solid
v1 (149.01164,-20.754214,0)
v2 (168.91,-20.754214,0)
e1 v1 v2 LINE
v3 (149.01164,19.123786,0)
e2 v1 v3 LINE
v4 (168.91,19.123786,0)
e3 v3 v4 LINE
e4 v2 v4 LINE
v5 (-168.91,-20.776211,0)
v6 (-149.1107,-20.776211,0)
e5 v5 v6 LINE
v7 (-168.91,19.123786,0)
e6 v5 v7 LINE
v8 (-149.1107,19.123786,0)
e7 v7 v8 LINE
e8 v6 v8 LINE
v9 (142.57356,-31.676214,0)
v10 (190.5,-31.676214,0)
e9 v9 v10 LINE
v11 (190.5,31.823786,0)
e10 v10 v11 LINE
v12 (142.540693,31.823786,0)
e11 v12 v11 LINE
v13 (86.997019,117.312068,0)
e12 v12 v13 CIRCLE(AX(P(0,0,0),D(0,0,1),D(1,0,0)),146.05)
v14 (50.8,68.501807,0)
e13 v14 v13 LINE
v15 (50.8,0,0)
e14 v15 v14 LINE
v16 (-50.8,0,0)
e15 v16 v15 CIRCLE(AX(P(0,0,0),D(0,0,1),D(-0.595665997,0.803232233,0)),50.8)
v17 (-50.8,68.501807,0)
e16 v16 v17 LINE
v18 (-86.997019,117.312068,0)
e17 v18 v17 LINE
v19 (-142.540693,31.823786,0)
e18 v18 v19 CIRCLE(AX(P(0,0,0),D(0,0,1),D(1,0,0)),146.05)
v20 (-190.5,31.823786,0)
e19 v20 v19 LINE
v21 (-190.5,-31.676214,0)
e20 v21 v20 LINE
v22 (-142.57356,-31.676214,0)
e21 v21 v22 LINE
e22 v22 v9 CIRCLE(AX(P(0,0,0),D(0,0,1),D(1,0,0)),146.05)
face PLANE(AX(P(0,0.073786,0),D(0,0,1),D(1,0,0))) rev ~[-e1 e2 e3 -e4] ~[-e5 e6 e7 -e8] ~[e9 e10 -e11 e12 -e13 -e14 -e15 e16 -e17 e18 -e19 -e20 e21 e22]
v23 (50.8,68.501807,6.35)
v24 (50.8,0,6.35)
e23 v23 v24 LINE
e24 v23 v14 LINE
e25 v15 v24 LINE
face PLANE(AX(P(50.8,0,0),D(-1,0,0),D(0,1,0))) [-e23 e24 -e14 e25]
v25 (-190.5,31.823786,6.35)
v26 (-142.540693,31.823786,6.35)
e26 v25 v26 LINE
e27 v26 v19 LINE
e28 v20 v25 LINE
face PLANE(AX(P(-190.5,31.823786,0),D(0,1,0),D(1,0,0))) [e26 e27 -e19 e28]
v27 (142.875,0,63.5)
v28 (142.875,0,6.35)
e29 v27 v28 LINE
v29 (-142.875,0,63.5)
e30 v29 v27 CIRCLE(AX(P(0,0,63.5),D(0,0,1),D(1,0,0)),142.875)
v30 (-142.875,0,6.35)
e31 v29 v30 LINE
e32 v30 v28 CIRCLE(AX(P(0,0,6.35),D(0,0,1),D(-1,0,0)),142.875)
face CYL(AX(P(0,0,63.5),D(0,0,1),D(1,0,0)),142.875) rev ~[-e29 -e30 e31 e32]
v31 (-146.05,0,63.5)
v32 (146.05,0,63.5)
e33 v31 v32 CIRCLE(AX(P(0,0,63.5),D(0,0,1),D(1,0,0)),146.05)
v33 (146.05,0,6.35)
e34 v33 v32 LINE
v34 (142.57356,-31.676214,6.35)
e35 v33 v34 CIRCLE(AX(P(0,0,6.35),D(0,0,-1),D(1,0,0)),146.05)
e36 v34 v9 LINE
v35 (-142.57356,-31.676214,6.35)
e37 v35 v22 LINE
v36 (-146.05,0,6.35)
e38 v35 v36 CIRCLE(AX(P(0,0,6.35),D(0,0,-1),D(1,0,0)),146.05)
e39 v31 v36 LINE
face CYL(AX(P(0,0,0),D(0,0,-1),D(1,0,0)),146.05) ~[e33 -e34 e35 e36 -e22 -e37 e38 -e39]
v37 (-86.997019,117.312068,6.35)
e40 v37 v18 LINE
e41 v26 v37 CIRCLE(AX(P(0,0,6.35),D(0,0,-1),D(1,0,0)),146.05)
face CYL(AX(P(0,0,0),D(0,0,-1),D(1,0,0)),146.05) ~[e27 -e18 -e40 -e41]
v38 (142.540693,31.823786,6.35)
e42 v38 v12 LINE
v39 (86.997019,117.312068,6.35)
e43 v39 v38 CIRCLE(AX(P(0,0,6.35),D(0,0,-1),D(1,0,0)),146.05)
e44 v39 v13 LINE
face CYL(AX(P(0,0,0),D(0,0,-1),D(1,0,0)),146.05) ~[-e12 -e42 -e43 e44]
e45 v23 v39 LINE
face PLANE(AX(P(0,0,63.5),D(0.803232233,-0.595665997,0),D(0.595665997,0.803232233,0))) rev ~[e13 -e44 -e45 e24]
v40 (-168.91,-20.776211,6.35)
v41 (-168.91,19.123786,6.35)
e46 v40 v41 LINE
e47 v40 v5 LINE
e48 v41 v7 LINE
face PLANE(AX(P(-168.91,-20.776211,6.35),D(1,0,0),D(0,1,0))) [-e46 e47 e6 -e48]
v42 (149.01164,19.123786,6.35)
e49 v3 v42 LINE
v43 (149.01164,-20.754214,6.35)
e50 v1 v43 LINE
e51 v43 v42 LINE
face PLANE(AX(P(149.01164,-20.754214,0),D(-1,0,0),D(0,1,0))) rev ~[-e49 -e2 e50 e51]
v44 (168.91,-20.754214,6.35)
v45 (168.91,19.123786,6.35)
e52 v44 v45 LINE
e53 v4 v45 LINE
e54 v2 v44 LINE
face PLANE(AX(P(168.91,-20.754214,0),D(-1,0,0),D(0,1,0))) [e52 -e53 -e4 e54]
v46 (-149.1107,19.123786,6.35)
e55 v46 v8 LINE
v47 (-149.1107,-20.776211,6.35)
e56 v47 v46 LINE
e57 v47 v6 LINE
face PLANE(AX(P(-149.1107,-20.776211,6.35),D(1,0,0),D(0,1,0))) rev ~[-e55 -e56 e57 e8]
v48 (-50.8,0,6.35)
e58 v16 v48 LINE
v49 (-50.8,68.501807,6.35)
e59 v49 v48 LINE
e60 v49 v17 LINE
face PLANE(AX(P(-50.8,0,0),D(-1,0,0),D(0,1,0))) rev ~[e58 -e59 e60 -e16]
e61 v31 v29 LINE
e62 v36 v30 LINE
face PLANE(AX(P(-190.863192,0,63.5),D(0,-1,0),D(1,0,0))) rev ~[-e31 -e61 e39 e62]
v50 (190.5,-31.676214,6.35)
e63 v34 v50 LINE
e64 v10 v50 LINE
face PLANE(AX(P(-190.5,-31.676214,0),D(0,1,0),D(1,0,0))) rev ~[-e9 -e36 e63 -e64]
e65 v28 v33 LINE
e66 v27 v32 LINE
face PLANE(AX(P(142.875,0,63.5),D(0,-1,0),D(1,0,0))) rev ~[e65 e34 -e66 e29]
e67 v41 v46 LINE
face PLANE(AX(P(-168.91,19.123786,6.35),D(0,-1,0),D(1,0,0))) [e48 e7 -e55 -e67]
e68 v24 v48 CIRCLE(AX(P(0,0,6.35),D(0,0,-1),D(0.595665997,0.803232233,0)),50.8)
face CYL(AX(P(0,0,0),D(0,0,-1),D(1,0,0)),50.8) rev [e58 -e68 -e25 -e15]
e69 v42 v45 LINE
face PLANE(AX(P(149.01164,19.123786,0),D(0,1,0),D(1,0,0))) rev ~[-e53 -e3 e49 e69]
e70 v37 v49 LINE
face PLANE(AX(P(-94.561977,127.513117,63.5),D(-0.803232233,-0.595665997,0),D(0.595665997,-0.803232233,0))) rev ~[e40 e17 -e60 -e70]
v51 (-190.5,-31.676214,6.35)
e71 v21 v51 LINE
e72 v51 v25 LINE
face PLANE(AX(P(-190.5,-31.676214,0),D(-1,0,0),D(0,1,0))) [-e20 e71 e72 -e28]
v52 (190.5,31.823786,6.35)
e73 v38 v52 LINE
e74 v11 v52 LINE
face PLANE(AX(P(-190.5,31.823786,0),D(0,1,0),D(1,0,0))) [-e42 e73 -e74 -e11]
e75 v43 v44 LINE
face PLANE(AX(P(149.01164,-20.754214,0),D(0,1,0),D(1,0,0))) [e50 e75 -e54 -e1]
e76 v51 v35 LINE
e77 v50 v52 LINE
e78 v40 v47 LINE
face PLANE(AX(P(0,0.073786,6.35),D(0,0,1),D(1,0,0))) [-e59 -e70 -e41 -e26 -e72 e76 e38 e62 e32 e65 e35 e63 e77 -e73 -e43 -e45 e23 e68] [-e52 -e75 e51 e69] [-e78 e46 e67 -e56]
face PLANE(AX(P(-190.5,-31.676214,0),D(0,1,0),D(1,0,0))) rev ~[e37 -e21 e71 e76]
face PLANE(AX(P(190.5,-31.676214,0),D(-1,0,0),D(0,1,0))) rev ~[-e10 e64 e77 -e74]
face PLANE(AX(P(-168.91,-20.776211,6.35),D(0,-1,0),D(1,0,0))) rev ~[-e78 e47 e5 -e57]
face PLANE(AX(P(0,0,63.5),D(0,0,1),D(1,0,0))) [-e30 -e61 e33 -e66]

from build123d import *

# Parameters (mm, degrees)
F0_R      = 146.05
F1_DEPTH  = 63.5
F2_R      = 142.875
F3_DEPTH  = 57.15
F5_DEPTH  = 57.15
F7_DEPTH  = 63.501
F8_W      = 381
F8_H      = 63.5
F9_DEPTH  = 6.35
F10_W     = 19.7993
F10_H     = 39.899997
F11_DEPTH = 6.35
F12_W     = 19.89836
F12_H     = 39.878
F13_DEPTH = 6.35
F14_R     = 50.8
F15_DEPTH = 6.35
F16_W     = 101.6
F16_H     = 81.28
F17_DEPTH = 63.501


with BuildPart() as f1:
    # F0 (on Top) → F1 (new body)
    with BuildSketch(Plane.XY):
        Circle(F0_R)
    extrude(amount=F1_DEPTH)

    # F2 (on face) → F3 (cut)
    with BuildSketch(Plane.XY.offset(63.5)):
        Circle(F2_R)
    extrude(amount=-F3_DEPTH, mode=Mode.SUBTRACT)

    # F4 (on face) → F5 (cut)
    with BuildSketch(Plane.XY.offset(63.5)):
        with BuildLine():
            Line((142.875, 0), (186.450183, 0))
            Line((186.450183, 0), (186.450183, 147.836223))
            Line((186.450183, 147.836223), (-190.863192, 147.836223))
            Line((-190.863192, 147.836223), (-190.863192, 0))
            Line((-190.863192, 0), (-142.875, 0))
            ThreePointArc((-142.875, 0), (0, 142.875), (142.875, 0))
        make_face()
    extrude(amount=-F5_DEPTH, mode=Mode.SUBTRACT)

    # F6 (on face) → F7 (cut, through all)
    with BuildSketch(Plane.XY.offset(63.5)):
        with BuildLine():
            Line((0, 0), (94.561977, 127.513117))
            ThreePointArc((94.561977, 127.513117), (0, 159.458628), (-94.561977, 127.513117))
            Line((-94.561977, 127.513117), (0, 0))
        make_face()
    extrude(amount=-F7_DEPTH, mode=Mode.SUBTRACT)

    # F8 (on Top) → F9 (join)
    with BuildSketch(Plane.XY):
        with Locations((0, 0.073786)):
            Rectangle(F8_W, F8_H)
    extrude(amount=F9_DEPTH)

    # F10 (on face) → F11 (cut)
    with BuildSketch(Plane.XY.offset(6.35)):
        with Locations((-159.01035, -0.826213)):
            Rectangle(F10_W, F10_H)
    extrude(amount=-F11_DEPTH, mode=Mode.SUBTRACT)

    # F12 (on Top) → F13 (cut)
    with BuildSketch(Plane.XY):
        with Locations((158.96082, -0.815214)):
            Rectangle(F12_W, F12_H)
    extrude(amount=F13_DEPTH, mode=Mode.SUBTRACT)

    # F14 (on Top) → F15 (cut)
    with BuildSketch(Plane.XY):
        Circle(F14_R)
    extrude(amount=F15_DEPTH, mode=Mode.SUBTRACT)

    # F16 (on Top) → F17 (cut, through all)
    with BuildSketch(Plane.XY):
        with Locations((0, 40.64)):
            Rectangle(F16_W, F16_H)
    extrude(amount=F17_DEPTH, mode=Mode.SUBTRACT)


solid = f1.part
